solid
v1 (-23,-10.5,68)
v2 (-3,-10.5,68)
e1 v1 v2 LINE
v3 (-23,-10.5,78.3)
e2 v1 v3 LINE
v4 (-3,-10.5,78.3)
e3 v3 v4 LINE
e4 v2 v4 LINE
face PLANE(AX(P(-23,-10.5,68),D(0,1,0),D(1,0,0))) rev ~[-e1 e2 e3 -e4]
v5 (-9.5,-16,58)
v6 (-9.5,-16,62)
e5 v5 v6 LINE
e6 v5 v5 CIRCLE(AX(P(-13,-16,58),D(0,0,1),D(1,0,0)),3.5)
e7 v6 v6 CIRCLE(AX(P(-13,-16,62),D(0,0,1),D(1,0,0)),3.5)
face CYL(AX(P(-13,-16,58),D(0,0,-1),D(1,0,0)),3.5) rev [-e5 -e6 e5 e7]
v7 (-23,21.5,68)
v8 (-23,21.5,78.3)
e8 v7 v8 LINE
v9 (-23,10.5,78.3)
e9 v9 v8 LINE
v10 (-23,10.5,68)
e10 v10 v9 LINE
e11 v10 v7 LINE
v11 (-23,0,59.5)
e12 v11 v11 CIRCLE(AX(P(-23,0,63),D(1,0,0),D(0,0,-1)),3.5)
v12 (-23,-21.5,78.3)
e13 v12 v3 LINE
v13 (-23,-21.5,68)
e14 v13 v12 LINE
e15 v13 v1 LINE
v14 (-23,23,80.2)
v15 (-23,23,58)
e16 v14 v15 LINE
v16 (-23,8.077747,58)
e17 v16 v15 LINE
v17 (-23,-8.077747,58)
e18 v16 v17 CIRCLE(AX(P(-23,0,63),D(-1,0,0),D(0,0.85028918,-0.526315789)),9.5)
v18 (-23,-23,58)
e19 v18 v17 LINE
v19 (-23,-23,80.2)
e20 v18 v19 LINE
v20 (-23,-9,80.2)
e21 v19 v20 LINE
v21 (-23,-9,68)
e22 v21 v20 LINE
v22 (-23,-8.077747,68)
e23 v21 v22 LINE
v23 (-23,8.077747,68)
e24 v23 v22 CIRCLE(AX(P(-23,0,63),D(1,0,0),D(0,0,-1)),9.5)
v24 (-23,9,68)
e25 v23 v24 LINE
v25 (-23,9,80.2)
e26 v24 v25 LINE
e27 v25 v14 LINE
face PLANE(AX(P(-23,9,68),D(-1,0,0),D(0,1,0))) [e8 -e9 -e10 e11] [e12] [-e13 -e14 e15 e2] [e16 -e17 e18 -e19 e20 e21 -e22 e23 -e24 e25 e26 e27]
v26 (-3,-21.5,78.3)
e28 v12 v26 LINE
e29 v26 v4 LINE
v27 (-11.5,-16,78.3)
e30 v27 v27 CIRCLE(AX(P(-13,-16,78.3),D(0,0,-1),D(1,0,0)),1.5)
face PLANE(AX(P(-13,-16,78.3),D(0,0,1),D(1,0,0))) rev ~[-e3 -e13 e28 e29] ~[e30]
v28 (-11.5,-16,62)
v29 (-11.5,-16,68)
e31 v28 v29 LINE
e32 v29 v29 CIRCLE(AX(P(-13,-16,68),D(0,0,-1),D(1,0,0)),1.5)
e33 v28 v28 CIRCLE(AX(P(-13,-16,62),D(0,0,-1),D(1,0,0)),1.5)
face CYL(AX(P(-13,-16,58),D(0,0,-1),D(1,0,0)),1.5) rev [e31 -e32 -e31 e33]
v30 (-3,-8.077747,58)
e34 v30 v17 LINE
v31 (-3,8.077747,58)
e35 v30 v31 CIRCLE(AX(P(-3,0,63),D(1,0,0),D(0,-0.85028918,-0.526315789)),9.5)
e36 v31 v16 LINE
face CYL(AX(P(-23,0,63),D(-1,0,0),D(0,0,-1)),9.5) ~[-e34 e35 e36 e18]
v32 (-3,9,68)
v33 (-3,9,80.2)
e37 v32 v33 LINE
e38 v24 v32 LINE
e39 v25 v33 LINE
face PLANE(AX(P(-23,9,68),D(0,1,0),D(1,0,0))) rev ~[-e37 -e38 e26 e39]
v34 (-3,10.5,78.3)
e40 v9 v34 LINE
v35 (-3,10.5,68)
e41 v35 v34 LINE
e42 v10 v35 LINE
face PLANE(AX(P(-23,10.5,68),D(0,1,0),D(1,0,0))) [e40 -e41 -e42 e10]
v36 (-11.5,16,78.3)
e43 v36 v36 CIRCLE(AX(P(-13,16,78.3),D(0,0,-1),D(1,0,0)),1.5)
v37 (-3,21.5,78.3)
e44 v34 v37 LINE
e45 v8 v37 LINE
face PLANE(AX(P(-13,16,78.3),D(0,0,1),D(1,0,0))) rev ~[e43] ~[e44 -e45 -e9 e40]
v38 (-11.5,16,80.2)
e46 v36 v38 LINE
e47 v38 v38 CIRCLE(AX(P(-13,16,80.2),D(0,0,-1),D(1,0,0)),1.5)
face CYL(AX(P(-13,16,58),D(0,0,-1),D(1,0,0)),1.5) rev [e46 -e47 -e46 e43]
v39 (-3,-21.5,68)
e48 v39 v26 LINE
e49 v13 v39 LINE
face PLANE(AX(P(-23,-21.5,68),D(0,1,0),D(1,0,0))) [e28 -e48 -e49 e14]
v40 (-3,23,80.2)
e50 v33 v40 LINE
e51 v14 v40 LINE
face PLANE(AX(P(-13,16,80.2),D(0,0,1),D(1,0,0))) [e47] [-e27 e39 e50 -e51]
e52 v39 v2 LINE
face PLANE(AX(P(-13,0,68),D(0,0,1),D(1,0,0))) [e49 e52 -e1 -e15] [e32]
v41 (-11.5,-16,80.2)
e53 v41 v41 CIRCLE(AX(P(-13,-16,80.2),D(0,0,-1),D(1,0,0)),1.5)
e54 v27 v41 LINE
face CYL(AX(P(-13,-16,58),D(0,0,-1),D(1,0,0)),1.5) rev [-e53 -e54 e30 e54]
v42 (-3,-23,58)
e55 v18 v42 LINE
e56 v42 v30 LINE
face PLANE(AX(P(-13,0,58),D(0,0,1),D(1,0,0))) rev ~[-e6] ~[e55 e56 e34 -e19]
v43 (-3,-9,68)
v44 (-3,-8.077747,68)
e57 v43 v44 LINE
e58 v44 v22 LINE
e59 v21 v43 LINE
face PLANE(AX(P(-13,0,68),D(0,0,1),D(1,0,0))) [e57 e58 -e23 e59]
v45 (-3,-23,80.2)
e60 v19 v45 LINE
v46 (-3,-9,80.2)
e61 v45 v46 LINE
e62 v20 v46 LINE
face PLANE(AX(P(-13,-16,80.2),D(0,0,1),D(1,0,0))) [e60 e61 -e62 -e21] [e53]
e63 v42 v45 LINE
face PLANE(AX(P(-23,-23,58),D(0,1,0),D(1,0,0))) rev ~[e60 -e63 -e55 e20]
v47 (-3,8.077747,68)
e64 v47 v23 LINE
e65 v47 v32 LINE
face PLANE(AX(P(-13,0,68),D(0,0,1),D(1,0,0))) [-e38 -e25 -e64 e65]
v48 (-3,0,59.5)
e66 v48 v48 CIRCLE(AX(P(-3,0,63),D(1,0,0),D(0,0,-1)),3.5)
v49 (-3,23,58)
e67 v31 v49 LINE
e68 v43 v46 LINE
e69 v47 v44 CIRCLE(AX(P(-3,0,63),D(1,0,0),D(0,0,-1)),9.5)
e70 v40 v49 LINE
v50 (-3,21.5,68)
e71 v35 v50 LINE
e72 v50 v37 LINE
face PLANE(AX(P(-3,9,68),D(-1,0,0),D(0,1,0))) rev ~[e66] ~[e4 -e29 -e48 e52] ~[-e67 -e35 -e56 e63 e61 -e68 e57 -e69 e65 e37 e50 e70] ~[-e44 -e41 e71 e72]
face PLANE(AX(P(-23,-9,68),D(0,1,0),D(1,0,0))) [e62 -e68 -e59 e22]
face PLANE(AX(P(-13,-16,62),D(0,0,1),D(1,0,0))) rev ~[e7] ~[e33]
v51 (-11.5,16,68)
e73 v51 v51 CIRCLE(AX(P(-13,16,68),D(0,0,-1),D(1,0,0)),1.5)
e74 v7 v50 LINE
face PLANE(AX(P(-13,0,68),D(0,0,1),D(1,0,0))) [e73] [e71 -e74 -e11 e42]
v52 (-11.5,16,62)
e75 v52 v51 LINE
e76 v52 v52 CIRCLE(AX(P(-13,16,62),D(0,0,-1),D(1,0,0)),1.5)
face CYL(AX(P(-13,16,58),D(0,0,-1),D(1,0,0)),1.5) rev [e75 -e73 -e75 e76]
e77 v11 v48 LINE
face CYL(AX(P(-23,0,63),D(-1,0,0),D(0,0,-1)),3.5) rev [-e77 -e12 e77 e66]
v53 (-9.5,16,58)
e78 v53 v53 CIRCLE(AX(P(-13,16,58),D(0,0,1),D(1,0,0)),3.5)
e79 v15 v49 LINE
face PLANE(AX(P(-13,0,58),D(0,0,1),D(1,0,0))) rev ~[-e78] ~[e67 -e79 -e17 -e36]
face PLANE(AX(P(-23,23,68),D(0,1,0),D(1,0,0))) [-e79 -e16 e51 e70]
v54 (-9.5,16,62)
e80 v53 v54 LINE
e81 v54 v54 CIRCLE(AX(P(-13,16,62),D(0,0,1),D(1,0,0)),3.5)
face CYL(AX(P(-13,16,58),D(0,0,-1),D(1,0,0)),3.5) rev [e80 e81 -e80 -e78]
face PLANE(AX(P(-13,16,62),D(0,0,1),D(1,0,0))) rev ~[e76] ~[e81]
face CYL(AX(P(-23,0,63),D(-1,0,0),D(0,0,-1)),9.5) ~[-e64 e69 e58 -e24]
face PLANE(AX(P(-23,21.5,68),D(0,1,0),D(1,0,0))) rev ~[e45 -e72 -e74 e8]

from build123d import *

# Parameters (mm, degrees)
CYLINDER097_R     = 3.5
CYLINDER097_DEPTH = 4
CYLINDER098_R     = 1.5
CYLINDER098_DEPTH = 25
CYLINDER096_R     = 3.5
CYLINDER096_DEPTH = 4
CYLINDER095_R     = 1.5
CYLINDER095_DEPTH = 25
CYLINDER093_R     = 3.5
CYLINDER093_DEPTH = 20
BOX030_W          = 20
BOX030_H          = 11
BOX030_DEPTH      = 10.3
BOX029_W          = 20
BOX029_H          = 11
BOX029_DEPTH      = 10.3
BOX027_W          = 20
BOX027_H          = 14
BOX027_DEPTH      = 12.2
BOX028_W          = 20
BOX028_H          = 14
BOX028_DEPTH      = 12.2
BOX026_W          = 20
BOX026_H          = 46
BOX026_DEPTH      = 10
CYLINDER094_R     = 9.5
CYLINDER094_DEPTH = 20


with BuildPart() as zylinder094:
    # Cylinder097 → Cylinder097 (new body)
    with BuildSketch(Plane.XY):
        Circle(CYLINDER097_R)
    extrude(amount=CYLINDER097_DEPTH)


with BuildPart() as fusion034:
    # Cylinder098 → Cylinder098 (new body)
    with BuildSketch(Plane.XY):
        Circle(CYLINDER098_R)
    extrude(amount=CYLINDER098_DEPTH)

    # Fusion034: union Zylinder094
    add(zylinder094.part)


with BuildPart() as fusion034_1:
    # Fusion034 placement: moved
    add(fusion034.part.moved(Location((-13, 16, 58))))


with BuildPart() as zylinder093:
    # Cylinder096 → Cylinder096 (new body)
    with BuildSketch(Plane.XY):
        Circle(CYLINDER096_R)
    extrude(amount=CYLINDER096_DEPTH)


with BuildPart() as fusion035:
    # Cylinder095 → Cylinder095 (new body)
    with BuildSketch(Plane.XY):
        Circle(CYLINDER095_R)
    extrude(amount=CYLINDER095_DEPTH)

    # Fusion033: union Zylinder093
    add(zylinder093.part)


with BuildPart() as fusion035_1:
    # Fusion033 placement: moved
    add(fusion035.part.moved(Location((-13, -16, 58))))

    # Fusion035: union Fusion034
    add(fusion034_1.part)


with BuildPart() as zylinder090:
    # Cylinder093 → Cylinder093 (new body)
    with BuildSketch(Plane(origin=(-23, 0, 63), x_dir=(0, 0, -1), z_dir=(1, 0, 0))):
        Circle(CYLINDER093_R)
    extrude(amount=CYLINDER093_DEPTH)


with BuildPart() as w_rfel030:
    # Box030 → Box030 (new body)
    with BuildSketch(Plane(origin=(-23, -21.5, 68), x_dir=(1, 0, 0), z_dir=(0, 0, 1))):
        with Locations((10, 5.5)):
            Rectangle(BOX030_W, BOX030_H)
    extrude(amount=BOX030_DEPTH)


with BuildPart() as fusion030:
    # Box029 → Box029 (new body)
    with BuildSketch(Plane(origin=(-23, 10.5, 68), x_dir=(1, 0, 0), z_dir=(0, 0, 1))):
        with Locations((10, 5.5)):
            Rectangle(BOX029_W, BOX029_H)
    extrude(amount=BOX029_DEPTH)

    # Fusion030: union Würfel030
    add(w_rfel030.part)


with BuildPart() as w_rfel027:
    # Box027 → Box027 (new body)
    with BuildSketch(Plane(origin=(-23, 9, 68), x_dir=(1, 0, 0), z_dir=(0, 0, 1))):
        with Locations((10, 7)):
            Rectangle(BOX027_W, BOX027_H)
    extrude(amount=BOX027_DEPTH)


with BuildPart() as cut047:
    # Box028 → Box028 (new body)
    with BuildSketch(Plane(origin=(-23, -23, 68), x_dir=(1, 0, 0), z_dir=(0, 0, 1))):
        with Locations((10, 7)):
            Rectangle(BOX028_W, BOX028_H)
    extrude(amount=BOX028_DEPTH)

    # Fusion029: union Würfel027
    add(w_rfel027.part)

    # Cut047: cut Fusion030
    add(fusion030.part, mode=Mode.SUBTRACT)


with BuildPart() as fusion031:
    # Box026 → Box026 (new body)
    with BuildSketch(Plane(origin=(-23, -23, 58), x_dir=(1, 0, 0), z_dir=(0, 0, 1))):
        with Locations((10, 23)):
            Rectangle(BOX026_W, BOX026_H)
    extrude(amount=BOX026_DEPTH)

    # Fusion031: union Cut047
    add(cut047.part)


with BuildPart() as belt_tensioner:
    # Cylinder094 → Cylinder094 (new body)
    with BuildSketch(Plane(origin=(-23, 0, 63), x_dir=(0, 0, -1), z_dir=(1, 0, 0))):
        Circle(CYLINDER094_R)
    extrude(amount=CYLINDER094_DEPTH)

    # Fusion032: union Fusion031
    add(fusion031.part)

    # Cut048: cut Zylinder090
    add(zylinder090.part, mode=Mode.SUBTRACT)

    # Cut049: cut Fusion035
    add(fusion035_1.part, mode=Mode.SUBTRACT)


solid = belt_tensioner.part
